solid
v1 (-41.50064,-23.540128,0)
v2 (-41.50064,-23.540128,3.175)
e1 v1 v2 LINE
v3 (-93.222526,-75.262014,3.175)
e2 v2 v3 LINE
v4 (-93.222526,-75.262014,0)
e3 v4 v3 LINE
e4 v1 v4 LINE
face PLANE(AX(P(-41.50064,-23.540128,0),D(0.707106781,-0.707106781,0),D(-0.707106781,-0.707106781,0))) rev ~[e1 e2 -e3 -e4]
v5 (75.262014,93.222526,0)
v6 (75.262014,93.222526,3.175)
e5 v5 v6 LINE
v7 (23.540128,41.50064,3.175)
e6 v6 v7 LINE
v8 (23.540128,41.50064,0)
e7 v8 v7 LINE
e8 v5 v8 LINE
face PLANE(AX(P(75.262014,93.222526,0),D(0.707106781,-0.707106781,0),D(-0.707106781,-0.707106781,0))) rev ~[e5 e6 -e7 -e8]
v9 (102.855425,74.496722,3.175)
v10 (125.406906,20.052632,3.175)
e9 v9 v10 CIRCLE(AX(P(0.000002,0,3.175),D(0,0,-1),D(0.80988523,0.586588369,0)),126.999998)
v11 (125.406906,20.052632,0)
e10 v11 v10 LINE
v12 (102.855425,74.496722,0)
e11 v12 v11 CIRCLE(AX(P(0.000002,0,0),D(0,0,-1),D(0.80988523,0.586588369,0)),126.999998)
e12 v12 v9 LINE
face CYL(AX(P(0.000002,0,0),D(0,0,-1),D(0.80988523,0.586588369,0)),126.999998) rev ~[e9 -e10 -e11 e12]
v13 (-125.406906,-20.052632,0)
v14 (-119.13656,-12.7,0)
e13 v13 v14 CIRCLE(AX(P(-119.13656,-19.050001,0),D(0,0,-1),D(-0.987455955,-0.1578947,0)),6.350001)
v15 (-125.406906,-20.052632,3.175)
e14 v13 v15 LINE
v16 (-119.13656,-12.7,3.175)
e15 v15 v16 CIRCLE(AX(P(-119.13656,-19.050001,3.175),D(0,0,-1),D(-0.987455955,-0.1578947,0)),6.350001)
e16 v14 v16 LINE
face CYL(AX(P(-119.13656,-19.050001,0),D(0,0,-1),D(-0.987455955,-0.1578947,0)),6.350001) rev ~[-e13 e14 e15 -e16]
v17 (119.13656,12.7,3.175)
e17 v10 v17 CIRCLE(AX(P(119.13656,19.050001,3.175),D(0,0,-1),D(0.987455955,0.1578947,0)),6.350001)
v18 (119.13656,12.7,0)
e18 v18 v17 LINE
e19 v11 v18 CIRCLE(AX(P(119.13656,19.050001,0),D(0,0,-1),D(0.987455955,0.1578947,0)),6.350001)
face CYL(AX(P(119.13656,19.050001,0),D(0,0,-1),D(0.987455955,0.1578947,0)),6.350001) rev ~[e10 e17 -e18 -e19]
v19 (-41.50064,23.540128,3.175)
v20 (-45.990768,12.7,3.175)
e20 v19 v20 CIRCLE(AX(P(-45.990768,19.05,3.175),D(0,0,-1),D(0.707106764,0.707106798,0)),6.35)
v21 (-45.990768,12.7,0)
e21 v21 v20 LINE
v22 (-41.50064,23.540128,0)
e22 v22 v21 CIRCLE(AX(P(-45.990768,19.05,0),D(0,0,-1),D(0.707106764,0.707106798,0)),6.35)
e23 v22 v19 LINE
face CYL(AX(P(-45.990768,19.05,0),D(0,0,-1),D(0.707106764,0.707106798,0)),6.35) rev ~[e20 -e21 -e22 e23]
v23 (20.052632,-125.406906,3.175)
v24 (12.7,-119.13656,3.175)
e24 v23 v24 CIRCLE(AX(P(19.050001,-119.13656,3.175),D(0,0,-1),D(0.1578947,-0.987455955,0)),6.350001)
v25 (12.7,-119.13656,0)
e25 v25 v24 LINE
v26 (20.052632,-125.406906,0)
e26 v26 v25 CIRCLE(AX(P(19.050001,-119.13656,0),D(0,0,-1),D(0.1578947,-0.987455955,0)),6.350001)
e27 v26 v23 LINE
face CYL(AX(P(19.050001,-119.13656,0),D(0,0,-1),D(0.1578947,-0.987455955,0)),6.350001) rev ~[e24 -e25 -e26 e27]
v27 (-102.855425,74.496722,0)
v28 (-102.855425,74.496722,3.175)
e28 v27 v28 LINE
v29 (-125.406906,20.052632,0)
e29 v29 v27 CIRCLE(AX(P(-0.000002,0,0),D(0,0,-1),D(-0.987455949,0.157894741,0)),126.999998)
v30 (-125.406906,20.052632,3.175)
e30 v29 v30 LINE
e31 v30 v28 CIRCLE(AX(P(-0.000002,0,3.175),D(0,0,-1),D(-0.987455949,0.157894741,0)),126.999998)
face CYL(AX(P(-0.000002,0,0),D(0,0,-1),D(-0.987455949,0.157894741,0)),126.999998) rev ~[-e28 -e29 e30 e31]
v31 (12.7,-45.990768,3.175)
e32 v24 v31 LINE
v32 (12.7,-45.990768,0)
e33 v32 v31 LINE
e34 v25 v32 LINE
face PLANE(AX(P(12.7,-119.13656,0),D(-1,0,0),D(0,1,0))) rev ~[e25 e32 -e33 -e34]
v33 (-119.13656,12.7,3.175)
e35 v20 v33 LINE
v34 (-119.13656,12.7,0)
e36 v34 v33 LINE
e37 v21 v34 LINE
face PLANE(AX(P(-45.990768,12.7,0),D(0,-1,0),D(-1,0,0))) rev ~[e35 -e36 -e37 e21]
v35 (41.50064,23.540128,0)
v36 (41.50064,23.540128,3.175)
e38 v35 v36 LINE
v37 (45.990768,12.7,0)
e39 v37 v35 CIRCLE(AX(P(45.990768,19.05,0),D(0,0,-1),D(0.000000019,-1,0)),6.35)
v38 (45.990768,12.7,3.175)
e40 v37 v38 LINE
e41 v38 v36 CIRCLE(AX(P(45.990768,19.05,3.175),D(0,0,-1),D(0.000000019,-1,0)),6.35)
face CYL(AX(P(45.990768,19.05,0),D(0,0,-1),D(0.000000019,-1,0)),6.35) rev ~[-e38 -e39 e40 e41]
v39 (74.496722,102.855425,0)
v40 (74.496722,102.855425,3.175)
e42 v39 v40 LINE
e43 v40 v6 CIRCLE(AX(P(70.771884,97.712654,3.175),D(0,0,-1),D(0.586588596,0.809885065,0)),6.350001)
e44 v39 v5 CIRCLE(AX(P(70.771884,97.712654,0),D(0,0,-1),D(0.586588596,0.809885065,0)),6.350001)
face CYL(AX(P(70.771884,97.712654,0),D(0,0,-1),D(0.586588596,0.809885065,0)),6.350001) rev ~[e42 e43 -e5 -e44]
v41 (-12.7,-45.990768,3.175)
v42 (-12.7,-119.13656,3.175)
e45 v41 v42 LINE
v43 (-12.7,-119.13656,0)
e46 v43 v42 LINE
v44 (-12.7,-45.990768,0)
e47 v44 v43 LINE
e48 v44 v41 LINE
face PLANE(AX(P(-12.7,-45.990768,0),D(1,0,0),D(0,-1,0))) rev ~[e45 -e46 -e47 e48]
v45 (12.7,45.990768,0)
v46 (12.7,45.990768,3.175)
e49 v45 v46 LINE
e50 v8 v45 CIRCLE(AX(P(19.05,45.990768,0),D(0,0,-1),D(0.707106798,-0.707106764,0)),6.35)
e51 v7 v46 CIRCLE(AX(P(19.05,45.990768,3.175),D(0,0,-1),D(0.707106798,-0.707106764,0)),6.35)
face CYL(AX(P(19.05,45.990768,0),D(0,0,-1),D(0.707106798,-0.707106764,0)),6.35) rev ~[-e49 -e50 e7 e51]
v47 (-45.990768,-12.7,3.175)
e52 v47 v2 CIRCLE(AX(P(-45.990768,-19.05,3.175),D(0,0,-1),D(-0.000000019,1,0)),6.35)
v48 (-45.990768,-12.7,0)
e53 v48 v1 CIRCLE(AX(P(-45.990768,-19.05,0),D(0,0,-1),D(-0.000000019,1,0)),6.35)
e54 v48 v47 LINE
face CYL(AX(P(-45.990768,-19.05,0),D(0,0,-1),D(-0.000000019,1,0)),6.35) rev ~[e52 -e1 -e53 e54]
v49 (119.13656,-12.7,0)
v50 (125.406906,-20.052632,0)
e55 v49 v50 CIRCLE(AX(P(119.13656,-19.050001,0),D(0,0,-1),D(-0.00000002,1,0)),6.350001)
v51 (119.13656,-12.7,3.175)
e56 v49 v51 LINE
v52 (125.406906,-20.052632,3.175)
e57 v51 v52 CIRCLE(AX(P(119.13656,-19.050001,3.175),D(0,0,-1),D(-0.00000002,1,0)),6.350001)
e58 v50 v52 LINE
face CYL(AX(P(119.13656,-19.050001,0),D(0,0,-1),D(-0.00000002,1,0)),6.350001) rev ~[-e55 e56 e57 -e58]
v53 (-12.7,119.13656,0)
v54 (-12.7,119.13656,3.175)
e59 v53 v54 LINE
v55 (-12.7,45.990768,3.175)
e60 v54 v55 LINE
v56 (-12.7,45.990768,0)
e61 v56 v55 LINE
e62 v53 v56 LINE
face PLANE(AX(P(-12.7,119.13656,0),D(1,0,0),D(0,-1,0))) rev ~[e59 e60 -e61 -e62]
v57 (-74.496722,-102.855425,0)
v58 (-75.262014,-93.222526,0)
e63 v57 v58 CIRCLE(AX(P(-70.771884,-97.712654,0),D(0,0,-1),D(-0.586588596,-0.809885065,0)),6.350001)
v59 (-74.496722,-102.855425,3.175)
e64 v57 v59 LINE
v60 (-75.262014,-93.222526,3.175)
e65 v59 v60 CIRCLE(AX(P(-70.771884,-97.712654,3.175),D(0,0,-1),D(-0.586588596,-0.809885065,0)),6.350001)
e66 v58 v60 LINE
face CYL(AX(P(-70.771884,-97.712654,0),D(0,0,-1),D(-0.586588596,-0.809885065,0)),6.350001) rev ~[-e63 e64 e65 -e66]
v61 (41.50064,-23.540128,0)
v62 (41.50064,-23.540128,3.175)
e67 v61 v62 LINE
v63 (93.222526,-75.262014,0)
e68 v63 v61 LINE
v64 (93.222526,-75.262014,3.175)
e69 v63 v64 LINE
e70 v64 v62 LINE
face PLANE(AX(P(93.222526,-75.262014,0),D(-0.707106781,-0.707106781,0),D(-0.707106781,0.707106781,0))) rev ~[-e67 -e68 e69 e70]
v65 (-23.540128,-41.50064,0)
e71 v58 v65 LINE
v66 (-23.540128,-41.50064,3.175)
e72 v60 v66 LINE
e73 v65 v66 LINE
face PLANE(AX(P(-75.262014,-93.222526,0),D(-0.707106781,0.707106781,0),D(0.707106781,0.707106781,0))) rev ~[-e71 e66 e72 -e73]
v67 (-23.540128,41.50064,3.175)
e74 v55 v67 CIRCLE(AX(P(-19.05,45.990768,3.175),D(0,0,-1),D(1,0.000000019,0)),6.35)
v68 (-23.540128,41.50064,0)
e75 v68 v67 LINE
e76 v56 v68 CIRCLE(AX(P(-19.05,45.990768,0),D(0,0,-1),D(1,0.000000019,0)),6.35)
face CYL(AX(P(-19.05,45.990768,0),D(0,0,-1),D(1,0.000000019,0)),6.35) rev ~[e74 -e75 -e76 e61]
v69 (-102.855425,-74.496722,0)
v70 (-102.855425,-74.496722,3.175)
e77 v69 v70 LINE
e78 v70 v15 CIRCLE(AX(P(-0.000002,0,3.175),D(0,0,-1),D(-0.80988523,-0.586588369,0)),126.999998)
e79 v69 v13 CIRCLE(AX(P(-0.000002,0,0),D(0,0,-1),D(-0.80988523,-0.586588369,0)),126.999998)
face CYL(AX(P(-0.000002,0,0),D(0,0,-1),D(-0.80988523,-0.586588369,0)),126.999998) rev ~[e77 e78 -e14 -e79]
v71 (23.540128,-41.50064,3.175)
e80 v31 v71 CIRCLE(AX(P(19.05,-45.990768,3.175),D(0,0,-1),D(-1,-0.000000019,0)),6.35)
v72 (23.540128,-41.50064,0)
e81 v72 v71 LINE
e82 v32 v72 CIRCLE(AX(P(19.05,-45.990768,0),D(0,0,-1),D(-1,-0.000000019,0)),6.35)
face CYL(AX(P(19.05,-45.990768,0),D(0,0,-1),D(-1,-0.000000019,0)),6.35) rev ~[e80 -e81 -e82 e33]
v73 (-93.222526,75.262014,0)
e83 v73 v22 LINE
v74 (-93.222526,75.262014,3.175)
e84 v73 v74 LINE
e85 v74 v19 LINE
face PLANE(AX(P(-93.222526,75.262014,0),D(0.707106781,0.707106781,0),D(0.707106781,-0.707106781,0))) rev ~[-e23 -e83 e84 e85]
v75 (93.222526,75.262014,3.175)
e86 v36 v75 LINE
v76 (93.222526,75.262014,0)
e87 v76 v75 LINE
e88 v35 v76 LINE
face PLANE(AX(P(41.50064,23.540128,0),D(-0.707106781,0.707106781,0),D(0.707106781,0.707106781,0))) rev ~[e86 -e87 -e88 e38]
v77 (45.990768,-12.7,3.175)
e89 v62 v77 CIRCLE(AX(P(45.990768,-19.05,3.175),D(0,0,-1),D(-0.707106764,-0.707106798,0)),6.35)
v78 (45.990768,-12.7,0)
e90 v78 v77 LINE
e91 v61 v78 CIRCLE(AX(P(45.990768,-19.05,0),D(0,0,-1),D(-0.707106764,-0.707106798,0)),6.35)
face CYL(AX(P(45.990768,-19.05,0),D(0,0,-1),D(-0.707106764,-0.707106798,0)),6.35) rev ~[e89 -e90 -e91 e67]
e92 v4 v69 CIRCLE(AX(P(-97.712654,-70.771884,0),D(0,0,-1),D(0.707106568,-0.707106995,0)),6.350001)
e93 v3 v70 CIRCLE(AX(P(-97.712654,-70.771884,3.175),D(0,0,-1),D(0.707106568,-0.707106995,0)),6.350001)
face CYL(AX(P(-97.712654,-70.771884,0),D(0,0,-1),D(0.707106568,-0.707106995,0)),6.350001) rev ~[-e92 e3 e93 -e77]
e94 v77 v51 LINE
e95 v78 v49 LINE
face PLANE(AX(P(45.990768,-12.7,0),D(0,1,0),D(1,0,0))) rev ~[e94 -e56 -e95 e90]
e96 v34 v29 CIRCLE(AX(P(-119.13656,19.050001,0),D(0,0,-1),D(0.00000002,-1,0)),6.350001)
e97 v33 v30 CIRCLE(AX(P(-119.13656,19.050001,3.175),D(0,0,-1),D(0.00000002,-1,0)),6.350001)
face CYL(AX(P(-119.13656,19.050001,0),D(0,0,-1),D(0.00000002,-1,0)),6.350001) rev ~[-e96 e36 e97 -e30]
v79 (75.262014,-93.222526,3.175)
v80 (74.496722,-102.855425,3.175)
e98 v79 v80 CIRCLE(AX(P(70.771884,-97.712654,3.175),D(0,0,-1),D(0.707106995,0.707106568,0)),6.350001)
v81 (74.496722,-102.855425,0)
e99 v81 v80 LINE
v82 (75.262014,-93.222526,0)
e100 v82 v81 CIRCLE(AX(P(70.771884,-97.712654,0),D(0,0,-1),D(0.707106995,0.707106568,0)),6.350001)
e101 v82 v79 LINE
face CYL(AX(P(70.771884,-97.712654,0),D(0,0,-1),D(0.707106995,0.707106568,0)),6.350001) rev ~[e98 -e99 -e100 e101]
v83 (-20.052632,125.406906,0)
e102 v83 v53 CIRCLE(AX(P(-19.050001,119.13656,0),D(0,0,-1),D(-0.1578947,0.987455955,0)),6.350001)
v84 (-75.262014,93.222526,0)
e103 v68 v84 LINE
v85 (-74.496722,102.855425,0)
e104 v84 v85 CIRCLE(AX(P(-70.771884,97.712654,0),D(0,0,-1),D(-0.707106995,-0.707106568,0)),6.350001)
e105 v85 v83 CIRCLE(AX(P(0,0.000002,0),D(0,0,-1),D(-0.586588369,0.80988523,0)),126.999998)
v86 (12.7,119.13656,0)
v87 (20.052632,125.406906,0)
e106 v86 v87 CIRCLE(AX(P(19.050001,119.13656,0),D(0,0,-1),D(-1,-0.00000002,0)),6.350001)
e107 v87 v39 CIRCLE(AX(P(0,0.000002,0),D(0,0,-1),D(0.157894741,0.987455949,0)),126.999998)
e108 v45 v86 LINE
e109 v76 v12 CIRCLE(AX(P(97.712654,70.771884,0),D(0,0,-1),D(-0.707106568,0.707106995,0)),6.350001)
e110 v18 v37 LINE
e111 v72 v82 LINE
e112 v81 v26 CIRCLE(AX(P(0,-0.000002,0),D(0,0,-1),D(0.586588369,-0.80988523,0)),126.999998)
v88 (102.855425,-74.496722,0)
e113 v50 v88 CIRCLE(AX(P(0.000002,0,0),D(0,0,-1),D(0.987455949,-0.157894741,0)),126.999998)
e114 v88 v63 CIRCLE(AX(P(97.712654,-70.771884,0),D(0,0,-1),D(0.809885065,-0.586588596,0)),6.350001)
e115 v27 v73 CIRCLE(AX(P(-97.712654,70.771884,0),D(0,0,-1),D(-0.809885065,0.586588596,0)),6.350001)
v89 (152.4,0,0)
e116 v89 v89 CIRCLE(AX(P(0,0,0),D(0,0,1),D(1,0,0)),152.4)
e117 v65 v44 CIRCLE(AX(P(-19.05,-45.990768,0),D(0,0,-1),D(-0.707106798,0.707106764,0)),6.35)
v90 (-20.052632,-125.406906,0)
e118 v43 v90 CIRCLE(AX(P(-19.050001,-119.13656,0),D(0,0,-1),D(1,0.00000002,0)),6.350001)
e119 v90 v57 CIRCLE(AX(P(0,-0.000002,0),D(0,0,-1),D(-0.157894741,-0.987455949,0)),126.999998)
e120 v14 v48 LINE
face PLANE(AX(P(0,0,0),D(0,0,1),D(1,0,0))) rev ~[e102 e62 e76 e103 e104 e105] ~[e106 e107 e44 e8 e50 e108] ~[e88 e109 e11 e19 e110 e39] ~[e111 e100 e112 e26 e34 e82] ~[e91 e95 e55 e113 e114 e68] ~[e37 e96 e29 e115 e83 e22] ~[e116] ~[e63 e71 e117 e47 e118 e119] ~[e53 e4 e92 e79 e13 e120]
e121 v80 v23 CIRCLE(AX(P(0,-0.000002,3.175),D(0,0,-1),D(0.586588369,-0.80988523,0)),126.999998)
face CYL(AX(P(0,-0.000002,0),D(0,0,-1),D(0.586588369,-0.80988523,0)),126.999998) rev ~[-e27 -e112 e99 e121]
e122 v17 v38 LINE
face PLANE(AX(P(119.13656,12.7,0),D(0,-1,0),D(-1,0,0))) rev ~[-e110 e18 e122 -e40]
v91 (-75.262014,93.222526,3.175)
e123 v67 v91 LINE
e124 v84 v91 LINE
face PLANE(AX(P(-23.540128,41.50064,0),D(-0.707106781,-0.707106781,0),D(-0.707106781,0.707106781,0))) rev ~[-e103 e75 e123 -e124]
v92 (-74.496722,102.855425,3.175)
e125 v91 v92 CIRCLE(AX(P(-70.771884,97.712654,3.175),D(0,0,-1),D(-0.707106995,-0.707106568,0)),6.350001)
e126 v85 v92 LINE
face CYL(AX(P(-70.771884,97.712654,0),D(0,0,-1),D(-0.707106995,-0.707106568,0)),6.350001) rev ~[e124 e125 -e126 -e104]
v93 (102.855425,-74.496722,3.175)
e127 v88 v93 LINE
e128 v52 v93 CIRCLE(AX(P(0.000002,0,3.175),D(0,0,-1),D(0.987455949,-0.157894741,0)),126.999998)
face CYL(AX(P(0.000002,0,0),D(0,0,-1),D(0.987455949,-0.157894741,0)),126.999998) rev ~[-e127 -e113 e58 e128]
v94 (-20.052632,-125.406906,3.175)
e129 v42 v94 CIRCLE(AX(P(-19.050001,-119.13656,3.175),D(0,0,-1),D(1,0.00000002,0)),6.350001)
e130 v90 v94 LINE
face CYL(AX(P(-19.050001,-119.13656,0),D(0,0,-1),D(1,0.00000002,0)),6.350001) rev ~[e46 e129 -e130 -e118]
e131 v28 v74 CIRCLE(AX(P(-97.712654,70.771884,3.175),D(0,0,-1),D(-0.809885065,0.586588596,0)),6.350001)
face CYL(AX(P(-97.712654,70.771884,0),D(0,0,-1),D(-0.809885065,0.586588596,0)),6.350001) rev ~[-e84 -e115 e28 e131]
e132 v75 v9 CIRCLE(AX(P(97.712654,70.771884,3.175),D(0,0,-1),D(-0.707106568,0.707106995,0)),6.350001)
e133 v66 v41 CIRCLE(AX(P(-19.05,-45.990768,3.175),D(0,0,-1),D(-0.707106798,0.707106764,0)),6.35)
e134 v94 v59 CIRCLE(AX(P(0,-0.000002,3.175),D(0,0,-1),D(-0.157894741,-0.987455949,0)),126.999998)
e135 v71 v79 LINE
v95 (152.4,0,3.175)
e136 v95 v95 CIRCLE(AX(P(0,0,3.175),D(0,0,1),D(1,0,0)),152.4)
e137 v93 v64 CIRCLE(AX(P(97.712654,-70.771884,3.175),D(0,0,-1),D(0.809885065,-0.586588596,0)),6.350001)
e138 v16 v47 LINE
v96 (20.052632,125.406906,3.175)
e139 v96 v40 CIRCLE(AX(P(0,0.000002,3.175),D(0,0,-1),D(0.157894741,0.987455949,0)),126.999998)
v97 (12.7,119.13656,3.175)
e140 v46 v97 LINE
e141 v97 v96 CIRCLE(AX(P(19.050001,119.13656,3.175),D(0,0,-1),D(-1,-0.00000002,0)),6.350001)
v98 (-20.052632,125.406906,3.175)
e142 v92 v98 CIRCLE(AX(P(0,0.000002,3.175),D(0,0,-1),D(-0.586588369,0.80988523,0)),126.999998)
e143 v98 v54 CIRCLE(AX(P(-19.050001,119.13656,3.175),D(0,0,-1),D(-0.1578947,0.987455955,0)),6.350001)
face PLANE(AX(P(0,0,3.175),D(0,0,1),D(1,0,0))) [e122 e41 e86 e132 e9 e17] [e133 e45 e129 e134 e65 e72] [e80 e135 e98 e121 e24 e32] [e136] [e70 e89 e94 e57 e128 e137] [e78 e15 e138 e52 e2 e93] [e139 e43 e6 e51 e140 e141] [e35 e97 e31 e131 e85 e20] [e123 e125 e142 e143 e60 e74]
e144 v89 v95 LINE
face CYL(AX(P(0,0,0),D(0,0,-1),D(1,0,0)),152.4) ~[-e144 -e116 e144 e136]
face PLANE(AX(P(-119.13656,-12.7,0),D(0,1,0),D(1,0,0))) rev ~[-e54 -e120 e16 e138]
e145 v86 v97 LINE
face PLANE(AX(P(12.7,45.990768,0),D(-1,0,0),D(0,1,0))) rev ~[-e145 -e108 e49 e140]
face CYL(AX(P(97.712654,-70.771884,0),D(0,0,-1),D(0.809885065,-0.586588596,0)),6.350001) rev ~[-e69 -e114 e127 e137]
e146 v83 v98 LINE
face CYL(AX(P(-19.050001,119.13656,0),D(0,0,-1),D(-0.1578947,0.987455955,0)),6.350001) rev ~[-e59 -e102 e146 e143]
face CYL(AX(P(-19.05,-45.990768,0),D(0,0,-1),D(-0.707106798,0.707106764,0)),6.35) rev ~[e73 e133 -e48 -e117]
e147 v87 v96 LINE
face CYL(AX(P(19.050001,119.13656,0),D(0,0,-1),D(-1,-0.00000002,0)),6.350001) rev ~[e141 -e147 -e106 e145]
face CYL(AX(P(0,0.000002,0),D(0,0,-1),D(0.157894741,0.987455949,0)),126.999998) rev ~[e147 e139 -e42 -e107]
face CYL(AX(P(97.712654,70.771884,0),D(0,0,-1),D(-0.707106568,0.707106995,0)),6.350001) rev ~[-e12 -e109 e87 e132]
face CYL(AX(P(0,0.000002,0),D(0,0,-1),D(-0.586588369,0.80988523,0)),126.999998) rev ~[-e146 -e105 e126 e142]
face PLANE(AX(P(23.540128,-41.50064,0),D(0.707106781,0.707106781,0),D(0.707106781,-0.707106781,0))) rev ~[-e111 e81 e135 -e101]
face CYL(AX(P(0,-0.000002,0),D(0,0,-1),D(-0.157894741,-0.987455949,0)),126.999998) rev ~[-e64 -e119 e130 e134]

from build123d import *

# Parameters (mm, degrees)
F0_R     = 152.4
F1_DEPTH = 3.175


with BuildPart() as f1:
    # F0 (on Top) → F1 (new body)
    with BuildSketch(Plane.XY):
        Circle(F0_R)
        with BuildLine():
            ThreePointArc((-74.496722, -102.855425), (-77.10194, -98.215549), (-75.262014, -93.222526))
            Line((-75.262014, -93.222526), (-23.540128, -41.50064))
            ThreePointArc((-23.540128, -41.50064), (-16.61996, -40.124133), (-12.7, -45.990768))
            Line((-12.7, -45.990768), (-12.7, -119.13656))
            ThreePointArc((-12.7, -119.13656), (-14.929576, -123.968186), (-20.052632, -125.406906))
            ThreePointArc((-20.052632, -125.406906), (-48.600796, -117.332701), (-74.496722, -102.855425))
        make_face(mode=Mode.SUBTRACT)
        with BuildLine():
            ThreePointArc((-102.855425, -74.496722), (-117.332701, -48.600796), (-125.406906, -20.052632))
            ThreePointArc((-125.406906, -20.052632), (-123.968186, -14.929576), (-119.13656, -12.7))
            Line((-119.13656, -12.7), (-45.990768, -12.7))
            ThreePointArc((-45.990768, -12.7), (-40.124133, -16.61996), (-41.50064, -23.540128))
            Line((-41.50064, -23.540128), (-93.222526, -75.262014))
            ThreePointArc((-93.222526, -75.262014), (-98.215549, -77.10194), (-102.855425, -74.496722))
        make_face(mode=Mode.SUBTRACT)
        with BuildLine():
            ThreePointArc((20.052632, -125.406906), (14.929576, -123.968186), (12.7, -119.13656))
            Line((12.7, -119.13656), (12.7, -45.990768))
            ThreePointArc((12.7, -45.990768), (16.61996, -40.124133), (23.540128, -41.50064))
            Line((23.540128, -41.50064), (75.262014, -93.222526))
            ThreePointArc((75.262014, -93.222526), (77.10194, -98.215549), (74.496722, -102.855425))
            ThreePointArc((74.496722, -102.855425), (48.600796, -117.332701), (20.052632, -125.406906))
        make_face(mode=Mode.SUBTRACT)
        with BuildLine():
            ThreePointArc((119.13656, -12.7), (123.968186, -14.929576), (125.406906, -20.052632))
            ThreePointArc((125.406906, -20.052632), (117.332701, -48.600796), (102.855425, -74.496722))
            ThreePointArc((102.855425, -74.496722), (98.215549, -77.10194), (93.222526, -75.262014))
            Line((93.222526, -75.262014), (41.50064, -23.540128))
            ThreePointArc((41.50064, -23.540128), (40.124133, -16.61996), (45.990768, -12.7))
            Line((45.990768, -12.7), (119.13656, -12.7))
        make_face(mode=Mode.SUBTRACT)
        with BuildLine():
            Line((-45.990768, 12.7), (-119.13656, 12.7))
            ThreePointArc((-119.13656, 12.7), (-123.968186, 14.929576), (-125.406906, 20.052632))
            ThreePointArc((-125.406906, 20.052632), (-117.332701, 48.600796), (-102.855425, 74.496722))
            ThreePointArc((-102.855425, 74.496722), (-98.215549, 77.10194), (-93.222526, 75.262014))
            Line((-93.222526, 75.262014), (-41.50064, 23.540128))
            ThreePointArc((-41.50064, 23.540128), (-40.124133, 16.61996), (-45.990768, 12.7))
        make_face(mode=Mode.SUBTRACT)
        with BuildLine():
            ThreePointArc((-20.052632, 125.406906), (-14.929576, 123.968186), (-12.7, 119.13656))
            Line((-12.7, 119.13656), (-12.7, 45.990768))
            ThreePointArc((-12.7, 45.990768), (-16.61996, 40.124133), (-23.540128, 41.50064))
            Line((-23.540128, 41.50064), (-75.262014, 93.222526))
            ThreePointArc((-75.262014, 93.222526), (-77.10194, 98.215549), (-74.496722, 102.855425))
            ThreePointArc((-74.496722, 102.855425), (-48.600796, 117.332701), (-20.052632, 125.406906))
        make_face(mode=Mode.SUBTRACT)
        with BuildLine():
            ThreePointArc((102.855425, 74.496722), (117.332701, 48.600796), (125.406906, 20.052632))
            ThreePointArc((125.406906, 20.052632), (123.968186, 14.929576), (119.13656, 12.7))
            Line((119.13656, 12.7), (45.990768, 12.7))
            ThreePointArc((45.990768, 12.7), (40.124133, 16.61996), (41.50064, 23.540128))
            Line((41.50064, 23.540128), (93.222526, 75.262014))
            ThreePointArc((93.222526, 75.262014), (98.215549, 77.10194), (102.855425, 74.496722))
        make_face(mode=Mode.SUBTRACT)
        with BuildLine():
            ThreePointArc((74.496722, 102.855425), (77.10194, 98.215549), (75.262014, 93.222526))
            Line((75.262014, 93.222526), (23.540128, 41.50064))
            ThreePointArc((23.540128, 41.50064), (16.61996, 40.124133), (12.7, 45.990768))
            Line((12.7, 45.990768), (12.7, 119.13656))
            ThreePointArc((12.7, 119.13656), (14.929576, 123.968186), (20.052632, 125.406906))
            ThreePointArc((20.052632, 125.406906), (48.600796, 117.332701), (74.496722, 102.855425))
        make_face(mode=Mode.SUBTRACT)
    extrude(amount=F1_DEPTH)


solid = f1.part
